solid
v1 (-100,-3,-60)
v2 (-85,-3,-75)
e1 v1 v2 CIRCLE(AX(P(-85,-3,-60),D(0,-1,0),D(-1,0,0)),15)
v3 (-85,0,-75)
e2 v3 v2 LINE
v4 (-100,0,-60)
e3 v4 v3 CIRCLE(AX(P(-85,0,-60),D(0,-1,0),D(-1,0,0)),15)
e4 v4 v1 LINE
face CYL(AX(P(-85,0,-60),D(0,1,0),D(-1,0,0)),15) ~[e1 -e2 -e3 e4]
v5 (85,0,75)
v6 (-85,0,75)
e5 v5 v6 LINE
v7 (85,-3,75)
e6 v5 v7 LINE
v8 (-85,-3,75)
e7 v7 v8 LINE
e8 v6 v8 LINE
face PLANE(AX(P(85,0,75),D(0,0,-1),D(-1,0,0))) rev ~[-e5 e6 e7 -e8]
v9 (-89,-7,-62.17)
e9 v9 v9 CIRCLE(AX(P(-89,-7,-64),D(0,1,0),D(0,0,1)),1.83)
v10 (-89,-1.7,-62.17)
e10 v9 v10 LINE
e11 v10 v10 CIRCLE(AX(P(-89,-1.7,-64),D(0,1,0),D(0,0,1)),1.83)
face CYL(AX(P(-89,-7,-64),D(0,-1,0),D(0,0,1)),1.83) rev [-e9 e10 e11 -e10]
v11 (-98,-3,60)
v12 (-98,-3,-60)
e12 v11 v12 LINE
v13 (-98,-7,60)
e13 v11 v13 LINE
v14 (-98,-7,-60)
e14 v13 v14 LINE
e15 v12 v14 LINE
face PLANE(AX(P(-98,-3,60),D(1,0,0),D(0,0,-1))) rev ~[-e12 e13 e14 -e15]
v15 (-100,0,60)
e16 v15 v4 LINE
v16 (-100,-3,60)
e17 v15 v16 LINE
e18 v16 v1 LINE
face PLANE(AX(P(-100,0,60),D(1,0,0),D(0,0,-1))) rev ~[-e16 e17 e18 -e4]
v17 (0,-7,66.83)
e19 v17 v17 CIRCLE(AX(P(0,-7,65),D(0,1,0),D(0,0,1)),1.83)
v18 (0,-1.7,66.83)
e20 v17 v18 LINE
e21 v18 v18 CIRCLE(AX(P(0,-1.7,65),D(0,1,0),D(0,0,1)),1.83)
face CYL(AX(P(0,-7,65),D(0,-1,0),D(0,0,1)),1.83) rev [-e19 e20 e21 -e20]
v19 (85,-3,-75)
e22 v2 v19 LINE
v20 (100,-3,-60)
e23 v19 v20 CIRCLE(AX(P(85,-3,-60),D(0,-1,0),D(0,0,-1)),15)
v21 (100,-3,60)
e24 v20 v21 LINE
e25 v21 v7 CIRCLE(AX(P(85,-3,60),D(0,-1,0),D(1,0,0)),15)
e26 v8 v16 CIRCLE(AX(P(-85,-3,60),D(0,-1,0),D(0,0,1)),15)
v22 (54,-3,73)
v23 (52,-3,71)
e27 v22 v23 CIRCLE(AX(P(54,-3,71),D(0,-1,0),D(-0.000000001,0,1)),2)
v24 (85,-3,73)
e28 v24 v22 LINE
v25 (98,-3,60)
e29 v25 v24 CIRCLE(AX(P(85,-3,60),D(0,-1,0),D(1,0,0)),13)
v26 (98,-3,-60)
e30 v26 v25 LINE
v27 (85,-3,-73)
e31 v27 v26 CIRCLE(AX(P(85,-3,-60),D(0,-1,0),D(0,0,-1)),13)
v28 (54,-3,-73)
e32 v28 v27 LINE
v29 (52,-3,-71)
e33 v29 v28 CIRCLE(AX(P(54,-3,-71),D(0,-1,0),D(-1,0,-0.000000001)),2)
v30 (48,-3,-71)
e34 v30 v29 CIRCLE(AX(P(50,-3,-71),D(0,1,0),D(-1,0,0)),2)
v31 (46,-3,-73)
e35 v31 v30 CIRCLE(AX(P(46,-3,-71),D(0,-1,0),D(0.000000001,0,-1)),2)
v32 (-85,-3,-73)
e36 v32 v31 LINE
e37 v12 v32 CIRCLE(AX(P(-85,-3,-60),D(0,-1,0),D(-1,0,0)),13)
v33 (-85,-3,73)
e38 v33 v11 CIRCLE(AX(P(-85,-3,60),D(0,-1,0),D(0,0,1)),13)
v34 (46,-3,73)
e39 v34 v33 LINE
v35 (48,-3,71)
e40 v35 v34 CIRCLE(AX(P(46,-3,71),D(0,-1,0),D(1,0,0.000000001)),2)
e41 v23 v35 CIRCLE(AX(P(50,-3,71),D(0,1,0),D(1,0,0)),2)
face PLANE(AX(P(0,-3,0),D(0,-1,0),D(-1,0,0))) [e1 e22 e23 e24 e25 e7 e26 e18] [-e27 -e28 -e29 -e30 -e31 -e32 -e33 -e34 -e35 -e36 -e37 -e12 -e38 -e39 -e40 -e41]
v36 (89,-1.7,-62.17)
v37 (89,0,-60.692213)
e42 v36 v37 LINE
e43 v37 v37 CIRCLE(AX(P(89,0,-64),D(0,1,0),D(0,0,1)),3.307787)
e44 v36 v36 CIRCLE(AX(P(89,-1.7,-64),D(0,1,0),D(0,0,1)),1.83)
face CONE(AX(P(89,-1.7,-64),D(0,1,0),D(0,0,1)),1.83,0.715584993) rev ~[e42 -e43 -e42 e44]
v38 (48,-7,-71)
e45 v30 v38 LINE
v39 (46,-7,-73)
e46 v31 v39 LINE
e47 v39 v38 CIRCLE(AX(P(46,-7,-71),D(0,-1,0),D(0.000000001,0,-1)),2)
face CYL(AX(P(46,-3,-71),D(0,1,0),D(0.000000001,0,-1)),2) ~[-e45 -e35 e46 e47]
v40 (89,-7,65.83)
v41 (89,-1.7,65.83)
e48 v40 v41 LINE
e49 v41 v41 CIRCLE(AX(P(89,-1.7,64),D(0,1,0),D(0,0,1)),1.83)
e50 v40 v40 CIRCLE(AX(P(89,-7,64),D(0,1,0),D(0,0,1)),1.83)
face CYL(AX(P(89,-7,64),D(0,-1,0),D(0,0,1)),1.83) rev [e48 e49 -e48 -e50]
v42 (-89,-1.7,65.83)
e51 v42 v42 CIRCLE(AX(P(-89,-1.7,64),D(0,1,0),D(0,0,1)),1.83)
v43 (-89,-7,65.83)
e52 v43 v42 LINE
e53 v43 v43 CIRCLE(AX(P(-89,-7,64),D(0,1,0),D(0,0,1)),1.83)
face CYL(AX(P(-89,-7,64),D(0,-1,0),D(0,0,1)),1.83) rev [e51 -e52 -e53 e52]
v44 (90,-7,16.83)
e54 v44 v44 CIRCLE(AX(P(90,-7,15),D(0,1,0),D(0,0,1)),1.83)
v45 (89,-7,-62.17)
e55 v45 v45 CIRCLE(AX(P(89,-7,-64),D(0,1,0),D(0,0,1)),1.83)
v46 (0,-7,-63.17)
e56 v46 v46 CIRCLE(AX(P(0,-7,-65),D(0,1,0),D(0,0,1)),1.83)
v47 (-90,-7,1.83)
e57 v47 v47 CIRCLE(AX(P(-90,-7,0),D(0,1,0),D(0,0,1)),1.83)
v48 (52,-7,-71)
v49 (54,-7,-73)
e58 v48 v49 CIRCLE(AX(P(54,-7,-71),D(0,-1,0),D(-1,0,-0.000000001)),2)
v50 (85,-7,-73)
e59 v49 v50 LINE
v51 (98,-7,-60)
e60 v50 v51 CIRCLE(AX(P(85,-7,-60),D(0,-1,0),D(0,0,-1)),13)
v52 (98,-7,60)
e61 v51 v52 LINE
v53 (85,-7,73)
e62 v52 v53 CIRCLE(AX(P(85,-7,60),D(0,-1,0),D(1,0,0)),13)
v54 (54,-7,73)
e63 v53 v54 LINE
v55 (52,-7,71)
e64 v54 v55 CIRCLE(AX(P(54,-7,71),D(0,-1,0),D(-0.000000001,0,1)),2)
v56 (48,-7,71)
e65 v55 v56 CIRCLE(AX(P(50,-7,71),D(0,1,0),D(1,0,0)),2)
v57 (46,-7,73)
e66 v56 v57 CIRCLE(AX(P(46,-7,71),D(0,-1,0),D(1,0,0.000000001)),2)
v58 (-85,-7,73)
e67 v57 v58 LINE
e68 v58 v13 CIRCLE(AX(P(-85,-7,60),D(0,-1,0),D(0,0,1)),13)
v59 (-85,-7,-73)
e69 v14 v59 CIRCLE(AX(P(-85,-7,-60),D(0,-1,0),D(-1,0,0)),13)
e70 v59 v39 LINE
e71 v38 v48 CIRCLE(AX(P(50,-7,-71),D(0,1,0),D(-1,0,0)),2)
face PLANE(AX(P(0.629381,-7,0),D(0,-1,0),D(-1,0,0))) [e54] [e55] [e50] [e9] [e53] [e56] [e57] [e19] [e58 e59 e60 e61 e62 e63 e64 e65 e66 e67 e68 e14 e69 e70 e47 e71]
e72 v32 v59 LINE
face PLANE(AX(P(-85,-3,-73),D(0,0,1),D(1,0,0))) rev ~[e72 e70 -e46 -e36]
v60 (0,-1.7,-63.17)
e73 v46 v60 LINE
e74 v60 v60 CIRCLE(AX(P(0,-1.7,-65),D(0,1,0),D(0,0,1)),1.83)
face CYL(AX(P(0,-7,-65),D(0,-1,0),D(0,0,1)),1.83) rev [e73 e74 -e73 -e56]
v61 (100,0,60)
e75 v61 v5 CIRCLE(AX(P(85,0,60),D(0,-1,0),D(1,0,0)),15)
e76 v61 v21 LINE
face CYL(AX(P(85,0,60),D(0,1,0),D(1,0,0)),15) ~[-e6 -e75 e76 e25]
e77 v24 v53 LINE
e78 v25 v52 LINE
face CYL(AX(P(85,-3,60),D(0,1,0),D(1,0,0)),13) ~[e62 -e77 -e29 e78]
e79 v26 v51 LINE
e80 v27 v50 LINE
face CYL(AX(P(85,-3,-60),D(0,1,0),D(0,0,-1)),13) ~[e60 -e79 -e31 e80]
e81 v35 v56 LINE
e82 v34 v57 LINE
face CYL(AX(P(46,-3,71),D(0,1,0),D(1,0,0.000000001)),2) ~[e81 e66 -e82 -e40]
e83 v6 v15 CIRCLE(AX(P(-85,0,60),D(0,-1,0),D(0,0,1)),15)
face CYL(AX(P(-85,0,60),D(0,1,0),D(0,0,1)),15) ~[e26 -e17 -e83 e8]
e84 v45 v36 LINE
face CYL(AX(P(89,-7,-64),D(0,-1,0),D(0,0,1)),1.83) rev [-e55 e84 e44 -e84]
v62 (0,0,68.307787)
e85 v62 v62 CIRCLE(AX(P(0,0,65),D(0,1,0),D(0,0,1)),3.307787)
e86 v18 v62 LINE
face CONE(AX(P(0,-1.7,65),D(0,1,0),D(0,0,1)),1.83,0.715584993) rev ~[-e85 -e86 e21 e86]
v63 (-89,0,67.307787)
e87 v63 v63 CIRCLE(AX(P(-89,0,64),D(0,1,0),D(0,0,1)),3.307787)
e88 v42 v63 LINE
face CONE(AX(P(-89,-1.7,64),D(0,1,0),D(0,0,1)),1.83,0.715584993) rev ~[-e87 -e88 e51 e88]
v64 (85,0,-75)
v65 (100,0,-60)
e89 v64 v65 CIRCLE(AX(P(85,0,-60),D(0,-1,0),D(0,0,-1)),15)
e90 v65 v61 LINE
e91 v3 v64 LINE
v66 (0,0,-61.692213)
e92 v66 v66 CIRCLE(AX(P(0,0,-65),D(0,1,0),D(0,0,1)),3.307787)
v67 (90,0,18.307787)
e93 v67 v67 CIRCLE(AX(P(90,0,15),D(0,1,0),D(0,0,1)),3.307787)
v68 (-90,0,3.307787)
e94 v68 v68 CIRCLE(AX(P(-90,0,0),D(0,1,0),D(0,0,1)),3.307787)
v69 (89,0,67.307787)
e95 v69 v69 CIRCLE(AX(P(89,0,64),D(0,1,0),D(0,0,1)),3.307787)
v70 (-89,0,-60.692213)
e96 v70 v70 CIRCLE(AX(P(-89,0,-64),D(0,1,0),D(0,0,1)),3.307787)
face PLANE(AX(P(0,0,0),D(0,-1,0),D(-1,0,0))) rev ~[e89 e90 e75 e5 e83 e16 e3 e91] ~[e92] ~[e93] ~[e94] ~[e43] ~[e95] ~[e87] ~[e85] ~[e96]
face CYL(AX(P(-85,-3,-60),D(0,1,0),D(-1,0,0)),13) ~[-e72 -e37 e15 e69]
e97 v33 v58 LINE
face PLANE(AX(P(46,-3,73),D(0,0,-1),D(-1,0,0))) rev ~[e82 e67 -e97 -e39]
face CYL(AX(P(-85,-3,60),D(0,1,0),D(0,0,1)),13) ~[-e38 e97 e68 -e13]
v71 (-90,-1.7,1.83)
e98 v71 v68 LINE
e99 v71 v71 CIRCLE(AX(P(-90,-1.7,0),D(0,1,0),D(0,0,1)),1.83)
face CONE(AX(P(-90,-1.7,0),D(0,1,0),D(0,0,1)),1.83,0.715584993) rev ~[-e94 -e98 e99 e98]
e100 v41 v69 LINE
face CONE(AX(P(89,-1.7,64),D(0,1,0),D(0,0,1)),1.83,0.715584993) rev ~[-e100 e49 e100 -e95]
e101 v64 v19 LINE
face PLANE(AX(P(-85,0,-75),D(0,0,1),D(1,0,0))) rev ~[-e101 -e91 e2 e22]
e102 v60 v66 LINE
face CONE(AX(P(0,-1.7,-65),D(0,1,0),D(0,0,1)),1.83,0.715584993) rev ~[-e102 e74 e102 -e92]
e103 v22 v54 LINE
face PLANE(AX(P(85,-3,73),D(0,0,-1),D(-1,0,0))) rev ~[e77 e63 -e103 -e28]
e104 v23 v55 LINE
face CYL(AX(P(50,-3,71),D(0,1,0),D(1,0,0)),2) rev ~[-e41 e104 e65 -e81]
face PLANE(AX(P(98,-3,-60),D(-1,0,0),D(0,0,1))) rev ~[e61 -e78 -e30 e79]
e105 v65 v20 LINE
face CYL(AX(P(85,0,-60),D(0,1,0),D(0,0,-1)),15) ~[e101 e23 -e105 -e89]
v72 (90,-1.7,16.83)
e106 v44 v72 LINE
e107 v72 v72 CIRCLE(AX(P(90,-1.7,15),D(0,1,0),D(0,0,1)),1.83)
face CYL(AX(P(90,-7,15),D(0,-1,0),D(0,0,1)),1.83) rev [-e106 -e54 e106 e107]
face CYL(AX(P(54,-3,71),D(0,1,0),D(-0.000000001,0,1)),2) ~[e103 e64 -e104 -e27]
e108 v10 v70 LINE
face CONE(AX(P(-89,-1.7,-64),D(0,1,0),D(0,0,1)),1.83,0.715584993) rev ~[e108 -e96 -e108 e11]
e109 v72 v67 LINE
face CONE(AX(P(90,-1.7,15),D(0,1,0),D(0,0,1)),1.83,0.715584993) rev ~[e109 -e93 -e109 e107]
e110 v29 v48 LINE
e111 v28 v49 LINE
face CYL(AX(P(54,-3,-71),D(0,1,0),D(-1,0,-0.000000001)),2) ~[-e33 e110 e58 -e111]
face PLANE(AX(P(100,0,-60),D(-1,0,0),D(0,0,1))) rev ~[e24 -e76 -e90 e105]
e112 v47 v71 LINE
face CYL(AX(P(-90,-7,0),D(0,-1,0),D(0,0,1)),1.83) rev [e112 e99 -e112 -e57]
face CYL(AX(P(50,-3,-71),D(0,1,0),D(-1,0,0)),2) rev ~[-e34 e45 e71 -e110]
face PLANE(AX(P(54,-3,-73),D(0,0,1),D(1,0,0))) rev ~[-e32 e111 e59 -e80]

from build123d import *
from OCP.BRepFilletAPI import BRepFilletAPI_MakeChamfer

# Parameters (mm, degrees)
BASE_PLATE_DEPTH         = 3
INNER_START              = -3
INNER_BASE_PROFILE_DEPTH = 4
MOUNTING_START           = -7
BASEPLATE_5_R            = 1.83
MOUNTING_HOLES_DEPTH     = 7
COUNTERSINK_SIZE         = 1.7
COUNTERSINK_SIZE2        = 1.477787454


with BuildPart() as part:
    # BasePlate → Base Plate (new body)
    with BuildSketch(Plane(origin=(0, 0, 0), x_dir=(1, 0, 0), z_dir=(0, 1, 0))):
        with BuildLine():
            Line((-85, 75), (85, 75))
            ThreePointArc((85, 75), (95.606601718, 70.606601718), (100, 60))
            Line((100, 60), (100, -60))
            ThreePointArc((100, -60), (95.606601718, -70.606601718), (85, -75))
            Line((85, -75), (-85, -75))
            ThreePointArc((-85, -75), (-95.606601718, -70.606601718), (-100, -60))
            Line((-100, -60), (-100, 60))
            ThreePointArc((-100, 60), (-95.606601718, 70.606601718), (-85, 75))
        make_face()
    extrude(amount=-BASE_PLATE_DEPTH)

    # BasePlate<4> → Inner Base Profile (add)
    with BuildSketch(Plane(origin=(0, 0, 0), x_dir=(1, 0, 0), z_dir=(0, 1, 0)).offset(INNER_START)):
        with BuildLine():
            Line((-85, 73), (46, 73))
            ThreePointArc((46, 73), (47.414213562, 72.414213562), (48, 71))
            ThreePointArc((48, 71), (50, 69), (52, 71))
            ThreePointArc((52, 71), (52.585786438, 72.414213562), (54, 73))
            Line((54, 73), (85, 73))
            ThreePointArc((85, 73), (94.192388155, 69.192388155), (98, 60))
            Line((98, 60), (98, -60))
            ThreePointArc((98, -60), (94.192388155, -69.192388155), (85, -73))
            Line((85, -73), (54, -73))
            ThreePointArc((54, -73), (52.585786438, -72.414213562), (52, -71))
            ThreePointArc((52, -71), (50, -69), (48, -71))
            ThreePointArc((48, -71), (47.414213562, -72.414213562), (46, -73))
            Line((46, -73), (-85, -73))
            ThreePointArc((-85, -73), (-94.192388155, -69.192388155), (-98, -60))
            Line((-98, -60), (-98, 60))
            ThreePointArc((-98, 60), (-94.192388155, 69.192388155), (-85, 73))
        make_face()
    extrude(amount=-INNER_BASE_PROFILE_DEPTH)

    # BasePlate<5> → Mounting Holes (cut)
    with BuildSketch(Plane(origin=(0, 0, 0), x_dir=(1, 0, 0), z_dir=(0, 1, 0)).offset(MOUNTING_START)):
        with Locations(Location((90, -15, 0), (0, 0, 270))):
            Circle(BASEPLATE_5_R)
        with Locations(Location((-89, 64, 0), (0, 0, 270))):
            Circle(BASEPLATE_5_R)
        with Locations(Location((89, 64, 0), (0, 0, 270))):
            Circle(BASEPLATE_5_R)
        with Locations(Location((89, -64, 0), (0, 0, 270))):
            Circle(BASEPLATE_5_R)
        with Locations(Location((-89, -64, 0), (0, 0, 270))):
            Circle(BASEPLATE_5_R)
        with Locations(Location((0, 65, 0), (0, 0, 270))):
            Circle(BASEPLATE_5_R)
        with Locations(Location((-90, 0, 0), (0, 0, 270))):
            Circle(BASEPLATE_5_R)
        with Locations(Location((0, -65, 0), (0, 0, 270))):
            Circle(BASEPLATE_5_R)
    extrude(amount=MOUNTING_HOLES_DEPTH, mode=Mode.SUBTRACT)

    # Countersink: one chamfer whose edges measure the first distance from different faces: ONE call of the kernel's chamfer builder (chamfer() names one face for all edges)
    countersink_edges_1 = [part.edges().sort_by_distance(p)[0] for p in [
        (-89, 0, 62.17),
    ]]
    countersink_side_1 = [part.faces().sort_by_distance(p)[0] for p in [
        (-89, -3.5, 62.17),
    ]]
    countersink_edges_2 = [part.edges().sort_by_distance(p)[0] for p in [
        (0, 0, -66.83),
    ]]
    countersink_side_2 = [part.faces().sort_by_distance(p)[0] for p in [
        (0, -3.5, -66.83),
    ]]
    countersink_edges_3 = [part.edges().sort_by_distance(p)[0] for p in [
        (89, 0, -65.83),
    ]]
    countersink_side_3 = [part.faces().sort_by_distance(p)[0] for p in [
        (89, -3.5, -65.83),
    ]]
    countersink_edges_4 = [part.edges().sort_by_distance(p)[0] for p in [
        (90, 0, 13.17),
    ]]
    countersink_side_4 = [part.faces().sort_by_distance(p)[0] for p in [
        (90, -3.5, 13.17),
    ]]
    countersink_edges_5 = [part.edges().sort_by_distance(p)[0] for p in [
        (89, 0, 62.17),
    ]]
    countersink_side_5 = [part.faces().sort_by_distance(p)[0] for p in [
        (89, -3.5, 62.17),
    ]]
    countersink_edges_6 = [part.edges().sort_by_distance(p)[0] for p in [
        (-90, 0, -1.83),
    ]]
    countersink_side_6 = [part.faces().sort_by_distance(p)[0] for p in [
        (-90, -3.5, -1.83),
    ]]
    countersink_edges_7 = [part.edges().sort_by_distance(p)[0] for p in [
        (-89, 0, -65.83),
    ]]
    countersink_side_7 = [part.faces().sort_by_distance(p)[0] for p in [
        (-89, -3.5, -65.83),
    ]]
    countersink_edges_8 = [part.edges().sort_by_distance(p)[0] for p in [
        (0, 0, 63.17),
    ]]
    countersink_side_8 = [part.faces().sort_by_distance(p)[0] for p in [
        (0, -3.5, 63.17),
    ]]
    countersink = BRepFilletAPI_MakeChamfer(part.part.solid().wrapped)
    for e in countersink_edges_1:
        countersink.Add(COUNTERSINK_SIZE, COUNTERSINK_SIZE2, e.wrapped, countersink_side_1[0].wrapped)  # the first distance lies on this face
    for e in countersink_edges_2:
        countersink.Add(COUNTERSINK_SIZE, COUNTERSINK_SIZE2, e.wrapped, countersink_side_2[0].wrapped)  # the first distance lies on this face
    for e in countersink_edges_3:
        countersink.Add(COUNTERSINK_SIZE, COUNTERSINK_SIZE2, e.wrapped, countersink_side_3[0].wrapped)  # the first distance lies on this face
    for e in countersink_edges_4:
        countersink.Add(COUNTERSINK_SIZE, COUNTERSINK_SIZE2, e.wrapped, countersink_side_4[0].wrapped)  # the first distance lies on this face
    for e in countersink_edges_5:
        countersink.Add(COUNTERSINK_SIZE, COUNTERSINK_SIZE2, e.wrapped, countersink_side_5[0].wrapped)  # the first distance lies on this face
    for e in countersink_edges_6:
        countersink.Add(COUNTERSINK_SIZE, COUNTERSINK_SIZE2, e.wrapped, countersink_side_6[0].wrapped)  # the first distance lies on this face
    for e in countersink_edges_7:
        countersink.Add(COUNTERSINK_SIZE, COUNTERSINK_SIZE2, e.wrapped, countersink_side_7[0].wrapped)  # the first distance lies on this face
    for e in countersink_edges_8:
        countersink.Add(COUNTERSINK_SIZE, COUNTERSINK_SIZE2, e.wrapped, countersink_side_8[0].wrapped)  # the first distance lies on this face
    add(Compound.cast(countersink.Shape()), mode=Mode.REPLACE)


solid = part.part
